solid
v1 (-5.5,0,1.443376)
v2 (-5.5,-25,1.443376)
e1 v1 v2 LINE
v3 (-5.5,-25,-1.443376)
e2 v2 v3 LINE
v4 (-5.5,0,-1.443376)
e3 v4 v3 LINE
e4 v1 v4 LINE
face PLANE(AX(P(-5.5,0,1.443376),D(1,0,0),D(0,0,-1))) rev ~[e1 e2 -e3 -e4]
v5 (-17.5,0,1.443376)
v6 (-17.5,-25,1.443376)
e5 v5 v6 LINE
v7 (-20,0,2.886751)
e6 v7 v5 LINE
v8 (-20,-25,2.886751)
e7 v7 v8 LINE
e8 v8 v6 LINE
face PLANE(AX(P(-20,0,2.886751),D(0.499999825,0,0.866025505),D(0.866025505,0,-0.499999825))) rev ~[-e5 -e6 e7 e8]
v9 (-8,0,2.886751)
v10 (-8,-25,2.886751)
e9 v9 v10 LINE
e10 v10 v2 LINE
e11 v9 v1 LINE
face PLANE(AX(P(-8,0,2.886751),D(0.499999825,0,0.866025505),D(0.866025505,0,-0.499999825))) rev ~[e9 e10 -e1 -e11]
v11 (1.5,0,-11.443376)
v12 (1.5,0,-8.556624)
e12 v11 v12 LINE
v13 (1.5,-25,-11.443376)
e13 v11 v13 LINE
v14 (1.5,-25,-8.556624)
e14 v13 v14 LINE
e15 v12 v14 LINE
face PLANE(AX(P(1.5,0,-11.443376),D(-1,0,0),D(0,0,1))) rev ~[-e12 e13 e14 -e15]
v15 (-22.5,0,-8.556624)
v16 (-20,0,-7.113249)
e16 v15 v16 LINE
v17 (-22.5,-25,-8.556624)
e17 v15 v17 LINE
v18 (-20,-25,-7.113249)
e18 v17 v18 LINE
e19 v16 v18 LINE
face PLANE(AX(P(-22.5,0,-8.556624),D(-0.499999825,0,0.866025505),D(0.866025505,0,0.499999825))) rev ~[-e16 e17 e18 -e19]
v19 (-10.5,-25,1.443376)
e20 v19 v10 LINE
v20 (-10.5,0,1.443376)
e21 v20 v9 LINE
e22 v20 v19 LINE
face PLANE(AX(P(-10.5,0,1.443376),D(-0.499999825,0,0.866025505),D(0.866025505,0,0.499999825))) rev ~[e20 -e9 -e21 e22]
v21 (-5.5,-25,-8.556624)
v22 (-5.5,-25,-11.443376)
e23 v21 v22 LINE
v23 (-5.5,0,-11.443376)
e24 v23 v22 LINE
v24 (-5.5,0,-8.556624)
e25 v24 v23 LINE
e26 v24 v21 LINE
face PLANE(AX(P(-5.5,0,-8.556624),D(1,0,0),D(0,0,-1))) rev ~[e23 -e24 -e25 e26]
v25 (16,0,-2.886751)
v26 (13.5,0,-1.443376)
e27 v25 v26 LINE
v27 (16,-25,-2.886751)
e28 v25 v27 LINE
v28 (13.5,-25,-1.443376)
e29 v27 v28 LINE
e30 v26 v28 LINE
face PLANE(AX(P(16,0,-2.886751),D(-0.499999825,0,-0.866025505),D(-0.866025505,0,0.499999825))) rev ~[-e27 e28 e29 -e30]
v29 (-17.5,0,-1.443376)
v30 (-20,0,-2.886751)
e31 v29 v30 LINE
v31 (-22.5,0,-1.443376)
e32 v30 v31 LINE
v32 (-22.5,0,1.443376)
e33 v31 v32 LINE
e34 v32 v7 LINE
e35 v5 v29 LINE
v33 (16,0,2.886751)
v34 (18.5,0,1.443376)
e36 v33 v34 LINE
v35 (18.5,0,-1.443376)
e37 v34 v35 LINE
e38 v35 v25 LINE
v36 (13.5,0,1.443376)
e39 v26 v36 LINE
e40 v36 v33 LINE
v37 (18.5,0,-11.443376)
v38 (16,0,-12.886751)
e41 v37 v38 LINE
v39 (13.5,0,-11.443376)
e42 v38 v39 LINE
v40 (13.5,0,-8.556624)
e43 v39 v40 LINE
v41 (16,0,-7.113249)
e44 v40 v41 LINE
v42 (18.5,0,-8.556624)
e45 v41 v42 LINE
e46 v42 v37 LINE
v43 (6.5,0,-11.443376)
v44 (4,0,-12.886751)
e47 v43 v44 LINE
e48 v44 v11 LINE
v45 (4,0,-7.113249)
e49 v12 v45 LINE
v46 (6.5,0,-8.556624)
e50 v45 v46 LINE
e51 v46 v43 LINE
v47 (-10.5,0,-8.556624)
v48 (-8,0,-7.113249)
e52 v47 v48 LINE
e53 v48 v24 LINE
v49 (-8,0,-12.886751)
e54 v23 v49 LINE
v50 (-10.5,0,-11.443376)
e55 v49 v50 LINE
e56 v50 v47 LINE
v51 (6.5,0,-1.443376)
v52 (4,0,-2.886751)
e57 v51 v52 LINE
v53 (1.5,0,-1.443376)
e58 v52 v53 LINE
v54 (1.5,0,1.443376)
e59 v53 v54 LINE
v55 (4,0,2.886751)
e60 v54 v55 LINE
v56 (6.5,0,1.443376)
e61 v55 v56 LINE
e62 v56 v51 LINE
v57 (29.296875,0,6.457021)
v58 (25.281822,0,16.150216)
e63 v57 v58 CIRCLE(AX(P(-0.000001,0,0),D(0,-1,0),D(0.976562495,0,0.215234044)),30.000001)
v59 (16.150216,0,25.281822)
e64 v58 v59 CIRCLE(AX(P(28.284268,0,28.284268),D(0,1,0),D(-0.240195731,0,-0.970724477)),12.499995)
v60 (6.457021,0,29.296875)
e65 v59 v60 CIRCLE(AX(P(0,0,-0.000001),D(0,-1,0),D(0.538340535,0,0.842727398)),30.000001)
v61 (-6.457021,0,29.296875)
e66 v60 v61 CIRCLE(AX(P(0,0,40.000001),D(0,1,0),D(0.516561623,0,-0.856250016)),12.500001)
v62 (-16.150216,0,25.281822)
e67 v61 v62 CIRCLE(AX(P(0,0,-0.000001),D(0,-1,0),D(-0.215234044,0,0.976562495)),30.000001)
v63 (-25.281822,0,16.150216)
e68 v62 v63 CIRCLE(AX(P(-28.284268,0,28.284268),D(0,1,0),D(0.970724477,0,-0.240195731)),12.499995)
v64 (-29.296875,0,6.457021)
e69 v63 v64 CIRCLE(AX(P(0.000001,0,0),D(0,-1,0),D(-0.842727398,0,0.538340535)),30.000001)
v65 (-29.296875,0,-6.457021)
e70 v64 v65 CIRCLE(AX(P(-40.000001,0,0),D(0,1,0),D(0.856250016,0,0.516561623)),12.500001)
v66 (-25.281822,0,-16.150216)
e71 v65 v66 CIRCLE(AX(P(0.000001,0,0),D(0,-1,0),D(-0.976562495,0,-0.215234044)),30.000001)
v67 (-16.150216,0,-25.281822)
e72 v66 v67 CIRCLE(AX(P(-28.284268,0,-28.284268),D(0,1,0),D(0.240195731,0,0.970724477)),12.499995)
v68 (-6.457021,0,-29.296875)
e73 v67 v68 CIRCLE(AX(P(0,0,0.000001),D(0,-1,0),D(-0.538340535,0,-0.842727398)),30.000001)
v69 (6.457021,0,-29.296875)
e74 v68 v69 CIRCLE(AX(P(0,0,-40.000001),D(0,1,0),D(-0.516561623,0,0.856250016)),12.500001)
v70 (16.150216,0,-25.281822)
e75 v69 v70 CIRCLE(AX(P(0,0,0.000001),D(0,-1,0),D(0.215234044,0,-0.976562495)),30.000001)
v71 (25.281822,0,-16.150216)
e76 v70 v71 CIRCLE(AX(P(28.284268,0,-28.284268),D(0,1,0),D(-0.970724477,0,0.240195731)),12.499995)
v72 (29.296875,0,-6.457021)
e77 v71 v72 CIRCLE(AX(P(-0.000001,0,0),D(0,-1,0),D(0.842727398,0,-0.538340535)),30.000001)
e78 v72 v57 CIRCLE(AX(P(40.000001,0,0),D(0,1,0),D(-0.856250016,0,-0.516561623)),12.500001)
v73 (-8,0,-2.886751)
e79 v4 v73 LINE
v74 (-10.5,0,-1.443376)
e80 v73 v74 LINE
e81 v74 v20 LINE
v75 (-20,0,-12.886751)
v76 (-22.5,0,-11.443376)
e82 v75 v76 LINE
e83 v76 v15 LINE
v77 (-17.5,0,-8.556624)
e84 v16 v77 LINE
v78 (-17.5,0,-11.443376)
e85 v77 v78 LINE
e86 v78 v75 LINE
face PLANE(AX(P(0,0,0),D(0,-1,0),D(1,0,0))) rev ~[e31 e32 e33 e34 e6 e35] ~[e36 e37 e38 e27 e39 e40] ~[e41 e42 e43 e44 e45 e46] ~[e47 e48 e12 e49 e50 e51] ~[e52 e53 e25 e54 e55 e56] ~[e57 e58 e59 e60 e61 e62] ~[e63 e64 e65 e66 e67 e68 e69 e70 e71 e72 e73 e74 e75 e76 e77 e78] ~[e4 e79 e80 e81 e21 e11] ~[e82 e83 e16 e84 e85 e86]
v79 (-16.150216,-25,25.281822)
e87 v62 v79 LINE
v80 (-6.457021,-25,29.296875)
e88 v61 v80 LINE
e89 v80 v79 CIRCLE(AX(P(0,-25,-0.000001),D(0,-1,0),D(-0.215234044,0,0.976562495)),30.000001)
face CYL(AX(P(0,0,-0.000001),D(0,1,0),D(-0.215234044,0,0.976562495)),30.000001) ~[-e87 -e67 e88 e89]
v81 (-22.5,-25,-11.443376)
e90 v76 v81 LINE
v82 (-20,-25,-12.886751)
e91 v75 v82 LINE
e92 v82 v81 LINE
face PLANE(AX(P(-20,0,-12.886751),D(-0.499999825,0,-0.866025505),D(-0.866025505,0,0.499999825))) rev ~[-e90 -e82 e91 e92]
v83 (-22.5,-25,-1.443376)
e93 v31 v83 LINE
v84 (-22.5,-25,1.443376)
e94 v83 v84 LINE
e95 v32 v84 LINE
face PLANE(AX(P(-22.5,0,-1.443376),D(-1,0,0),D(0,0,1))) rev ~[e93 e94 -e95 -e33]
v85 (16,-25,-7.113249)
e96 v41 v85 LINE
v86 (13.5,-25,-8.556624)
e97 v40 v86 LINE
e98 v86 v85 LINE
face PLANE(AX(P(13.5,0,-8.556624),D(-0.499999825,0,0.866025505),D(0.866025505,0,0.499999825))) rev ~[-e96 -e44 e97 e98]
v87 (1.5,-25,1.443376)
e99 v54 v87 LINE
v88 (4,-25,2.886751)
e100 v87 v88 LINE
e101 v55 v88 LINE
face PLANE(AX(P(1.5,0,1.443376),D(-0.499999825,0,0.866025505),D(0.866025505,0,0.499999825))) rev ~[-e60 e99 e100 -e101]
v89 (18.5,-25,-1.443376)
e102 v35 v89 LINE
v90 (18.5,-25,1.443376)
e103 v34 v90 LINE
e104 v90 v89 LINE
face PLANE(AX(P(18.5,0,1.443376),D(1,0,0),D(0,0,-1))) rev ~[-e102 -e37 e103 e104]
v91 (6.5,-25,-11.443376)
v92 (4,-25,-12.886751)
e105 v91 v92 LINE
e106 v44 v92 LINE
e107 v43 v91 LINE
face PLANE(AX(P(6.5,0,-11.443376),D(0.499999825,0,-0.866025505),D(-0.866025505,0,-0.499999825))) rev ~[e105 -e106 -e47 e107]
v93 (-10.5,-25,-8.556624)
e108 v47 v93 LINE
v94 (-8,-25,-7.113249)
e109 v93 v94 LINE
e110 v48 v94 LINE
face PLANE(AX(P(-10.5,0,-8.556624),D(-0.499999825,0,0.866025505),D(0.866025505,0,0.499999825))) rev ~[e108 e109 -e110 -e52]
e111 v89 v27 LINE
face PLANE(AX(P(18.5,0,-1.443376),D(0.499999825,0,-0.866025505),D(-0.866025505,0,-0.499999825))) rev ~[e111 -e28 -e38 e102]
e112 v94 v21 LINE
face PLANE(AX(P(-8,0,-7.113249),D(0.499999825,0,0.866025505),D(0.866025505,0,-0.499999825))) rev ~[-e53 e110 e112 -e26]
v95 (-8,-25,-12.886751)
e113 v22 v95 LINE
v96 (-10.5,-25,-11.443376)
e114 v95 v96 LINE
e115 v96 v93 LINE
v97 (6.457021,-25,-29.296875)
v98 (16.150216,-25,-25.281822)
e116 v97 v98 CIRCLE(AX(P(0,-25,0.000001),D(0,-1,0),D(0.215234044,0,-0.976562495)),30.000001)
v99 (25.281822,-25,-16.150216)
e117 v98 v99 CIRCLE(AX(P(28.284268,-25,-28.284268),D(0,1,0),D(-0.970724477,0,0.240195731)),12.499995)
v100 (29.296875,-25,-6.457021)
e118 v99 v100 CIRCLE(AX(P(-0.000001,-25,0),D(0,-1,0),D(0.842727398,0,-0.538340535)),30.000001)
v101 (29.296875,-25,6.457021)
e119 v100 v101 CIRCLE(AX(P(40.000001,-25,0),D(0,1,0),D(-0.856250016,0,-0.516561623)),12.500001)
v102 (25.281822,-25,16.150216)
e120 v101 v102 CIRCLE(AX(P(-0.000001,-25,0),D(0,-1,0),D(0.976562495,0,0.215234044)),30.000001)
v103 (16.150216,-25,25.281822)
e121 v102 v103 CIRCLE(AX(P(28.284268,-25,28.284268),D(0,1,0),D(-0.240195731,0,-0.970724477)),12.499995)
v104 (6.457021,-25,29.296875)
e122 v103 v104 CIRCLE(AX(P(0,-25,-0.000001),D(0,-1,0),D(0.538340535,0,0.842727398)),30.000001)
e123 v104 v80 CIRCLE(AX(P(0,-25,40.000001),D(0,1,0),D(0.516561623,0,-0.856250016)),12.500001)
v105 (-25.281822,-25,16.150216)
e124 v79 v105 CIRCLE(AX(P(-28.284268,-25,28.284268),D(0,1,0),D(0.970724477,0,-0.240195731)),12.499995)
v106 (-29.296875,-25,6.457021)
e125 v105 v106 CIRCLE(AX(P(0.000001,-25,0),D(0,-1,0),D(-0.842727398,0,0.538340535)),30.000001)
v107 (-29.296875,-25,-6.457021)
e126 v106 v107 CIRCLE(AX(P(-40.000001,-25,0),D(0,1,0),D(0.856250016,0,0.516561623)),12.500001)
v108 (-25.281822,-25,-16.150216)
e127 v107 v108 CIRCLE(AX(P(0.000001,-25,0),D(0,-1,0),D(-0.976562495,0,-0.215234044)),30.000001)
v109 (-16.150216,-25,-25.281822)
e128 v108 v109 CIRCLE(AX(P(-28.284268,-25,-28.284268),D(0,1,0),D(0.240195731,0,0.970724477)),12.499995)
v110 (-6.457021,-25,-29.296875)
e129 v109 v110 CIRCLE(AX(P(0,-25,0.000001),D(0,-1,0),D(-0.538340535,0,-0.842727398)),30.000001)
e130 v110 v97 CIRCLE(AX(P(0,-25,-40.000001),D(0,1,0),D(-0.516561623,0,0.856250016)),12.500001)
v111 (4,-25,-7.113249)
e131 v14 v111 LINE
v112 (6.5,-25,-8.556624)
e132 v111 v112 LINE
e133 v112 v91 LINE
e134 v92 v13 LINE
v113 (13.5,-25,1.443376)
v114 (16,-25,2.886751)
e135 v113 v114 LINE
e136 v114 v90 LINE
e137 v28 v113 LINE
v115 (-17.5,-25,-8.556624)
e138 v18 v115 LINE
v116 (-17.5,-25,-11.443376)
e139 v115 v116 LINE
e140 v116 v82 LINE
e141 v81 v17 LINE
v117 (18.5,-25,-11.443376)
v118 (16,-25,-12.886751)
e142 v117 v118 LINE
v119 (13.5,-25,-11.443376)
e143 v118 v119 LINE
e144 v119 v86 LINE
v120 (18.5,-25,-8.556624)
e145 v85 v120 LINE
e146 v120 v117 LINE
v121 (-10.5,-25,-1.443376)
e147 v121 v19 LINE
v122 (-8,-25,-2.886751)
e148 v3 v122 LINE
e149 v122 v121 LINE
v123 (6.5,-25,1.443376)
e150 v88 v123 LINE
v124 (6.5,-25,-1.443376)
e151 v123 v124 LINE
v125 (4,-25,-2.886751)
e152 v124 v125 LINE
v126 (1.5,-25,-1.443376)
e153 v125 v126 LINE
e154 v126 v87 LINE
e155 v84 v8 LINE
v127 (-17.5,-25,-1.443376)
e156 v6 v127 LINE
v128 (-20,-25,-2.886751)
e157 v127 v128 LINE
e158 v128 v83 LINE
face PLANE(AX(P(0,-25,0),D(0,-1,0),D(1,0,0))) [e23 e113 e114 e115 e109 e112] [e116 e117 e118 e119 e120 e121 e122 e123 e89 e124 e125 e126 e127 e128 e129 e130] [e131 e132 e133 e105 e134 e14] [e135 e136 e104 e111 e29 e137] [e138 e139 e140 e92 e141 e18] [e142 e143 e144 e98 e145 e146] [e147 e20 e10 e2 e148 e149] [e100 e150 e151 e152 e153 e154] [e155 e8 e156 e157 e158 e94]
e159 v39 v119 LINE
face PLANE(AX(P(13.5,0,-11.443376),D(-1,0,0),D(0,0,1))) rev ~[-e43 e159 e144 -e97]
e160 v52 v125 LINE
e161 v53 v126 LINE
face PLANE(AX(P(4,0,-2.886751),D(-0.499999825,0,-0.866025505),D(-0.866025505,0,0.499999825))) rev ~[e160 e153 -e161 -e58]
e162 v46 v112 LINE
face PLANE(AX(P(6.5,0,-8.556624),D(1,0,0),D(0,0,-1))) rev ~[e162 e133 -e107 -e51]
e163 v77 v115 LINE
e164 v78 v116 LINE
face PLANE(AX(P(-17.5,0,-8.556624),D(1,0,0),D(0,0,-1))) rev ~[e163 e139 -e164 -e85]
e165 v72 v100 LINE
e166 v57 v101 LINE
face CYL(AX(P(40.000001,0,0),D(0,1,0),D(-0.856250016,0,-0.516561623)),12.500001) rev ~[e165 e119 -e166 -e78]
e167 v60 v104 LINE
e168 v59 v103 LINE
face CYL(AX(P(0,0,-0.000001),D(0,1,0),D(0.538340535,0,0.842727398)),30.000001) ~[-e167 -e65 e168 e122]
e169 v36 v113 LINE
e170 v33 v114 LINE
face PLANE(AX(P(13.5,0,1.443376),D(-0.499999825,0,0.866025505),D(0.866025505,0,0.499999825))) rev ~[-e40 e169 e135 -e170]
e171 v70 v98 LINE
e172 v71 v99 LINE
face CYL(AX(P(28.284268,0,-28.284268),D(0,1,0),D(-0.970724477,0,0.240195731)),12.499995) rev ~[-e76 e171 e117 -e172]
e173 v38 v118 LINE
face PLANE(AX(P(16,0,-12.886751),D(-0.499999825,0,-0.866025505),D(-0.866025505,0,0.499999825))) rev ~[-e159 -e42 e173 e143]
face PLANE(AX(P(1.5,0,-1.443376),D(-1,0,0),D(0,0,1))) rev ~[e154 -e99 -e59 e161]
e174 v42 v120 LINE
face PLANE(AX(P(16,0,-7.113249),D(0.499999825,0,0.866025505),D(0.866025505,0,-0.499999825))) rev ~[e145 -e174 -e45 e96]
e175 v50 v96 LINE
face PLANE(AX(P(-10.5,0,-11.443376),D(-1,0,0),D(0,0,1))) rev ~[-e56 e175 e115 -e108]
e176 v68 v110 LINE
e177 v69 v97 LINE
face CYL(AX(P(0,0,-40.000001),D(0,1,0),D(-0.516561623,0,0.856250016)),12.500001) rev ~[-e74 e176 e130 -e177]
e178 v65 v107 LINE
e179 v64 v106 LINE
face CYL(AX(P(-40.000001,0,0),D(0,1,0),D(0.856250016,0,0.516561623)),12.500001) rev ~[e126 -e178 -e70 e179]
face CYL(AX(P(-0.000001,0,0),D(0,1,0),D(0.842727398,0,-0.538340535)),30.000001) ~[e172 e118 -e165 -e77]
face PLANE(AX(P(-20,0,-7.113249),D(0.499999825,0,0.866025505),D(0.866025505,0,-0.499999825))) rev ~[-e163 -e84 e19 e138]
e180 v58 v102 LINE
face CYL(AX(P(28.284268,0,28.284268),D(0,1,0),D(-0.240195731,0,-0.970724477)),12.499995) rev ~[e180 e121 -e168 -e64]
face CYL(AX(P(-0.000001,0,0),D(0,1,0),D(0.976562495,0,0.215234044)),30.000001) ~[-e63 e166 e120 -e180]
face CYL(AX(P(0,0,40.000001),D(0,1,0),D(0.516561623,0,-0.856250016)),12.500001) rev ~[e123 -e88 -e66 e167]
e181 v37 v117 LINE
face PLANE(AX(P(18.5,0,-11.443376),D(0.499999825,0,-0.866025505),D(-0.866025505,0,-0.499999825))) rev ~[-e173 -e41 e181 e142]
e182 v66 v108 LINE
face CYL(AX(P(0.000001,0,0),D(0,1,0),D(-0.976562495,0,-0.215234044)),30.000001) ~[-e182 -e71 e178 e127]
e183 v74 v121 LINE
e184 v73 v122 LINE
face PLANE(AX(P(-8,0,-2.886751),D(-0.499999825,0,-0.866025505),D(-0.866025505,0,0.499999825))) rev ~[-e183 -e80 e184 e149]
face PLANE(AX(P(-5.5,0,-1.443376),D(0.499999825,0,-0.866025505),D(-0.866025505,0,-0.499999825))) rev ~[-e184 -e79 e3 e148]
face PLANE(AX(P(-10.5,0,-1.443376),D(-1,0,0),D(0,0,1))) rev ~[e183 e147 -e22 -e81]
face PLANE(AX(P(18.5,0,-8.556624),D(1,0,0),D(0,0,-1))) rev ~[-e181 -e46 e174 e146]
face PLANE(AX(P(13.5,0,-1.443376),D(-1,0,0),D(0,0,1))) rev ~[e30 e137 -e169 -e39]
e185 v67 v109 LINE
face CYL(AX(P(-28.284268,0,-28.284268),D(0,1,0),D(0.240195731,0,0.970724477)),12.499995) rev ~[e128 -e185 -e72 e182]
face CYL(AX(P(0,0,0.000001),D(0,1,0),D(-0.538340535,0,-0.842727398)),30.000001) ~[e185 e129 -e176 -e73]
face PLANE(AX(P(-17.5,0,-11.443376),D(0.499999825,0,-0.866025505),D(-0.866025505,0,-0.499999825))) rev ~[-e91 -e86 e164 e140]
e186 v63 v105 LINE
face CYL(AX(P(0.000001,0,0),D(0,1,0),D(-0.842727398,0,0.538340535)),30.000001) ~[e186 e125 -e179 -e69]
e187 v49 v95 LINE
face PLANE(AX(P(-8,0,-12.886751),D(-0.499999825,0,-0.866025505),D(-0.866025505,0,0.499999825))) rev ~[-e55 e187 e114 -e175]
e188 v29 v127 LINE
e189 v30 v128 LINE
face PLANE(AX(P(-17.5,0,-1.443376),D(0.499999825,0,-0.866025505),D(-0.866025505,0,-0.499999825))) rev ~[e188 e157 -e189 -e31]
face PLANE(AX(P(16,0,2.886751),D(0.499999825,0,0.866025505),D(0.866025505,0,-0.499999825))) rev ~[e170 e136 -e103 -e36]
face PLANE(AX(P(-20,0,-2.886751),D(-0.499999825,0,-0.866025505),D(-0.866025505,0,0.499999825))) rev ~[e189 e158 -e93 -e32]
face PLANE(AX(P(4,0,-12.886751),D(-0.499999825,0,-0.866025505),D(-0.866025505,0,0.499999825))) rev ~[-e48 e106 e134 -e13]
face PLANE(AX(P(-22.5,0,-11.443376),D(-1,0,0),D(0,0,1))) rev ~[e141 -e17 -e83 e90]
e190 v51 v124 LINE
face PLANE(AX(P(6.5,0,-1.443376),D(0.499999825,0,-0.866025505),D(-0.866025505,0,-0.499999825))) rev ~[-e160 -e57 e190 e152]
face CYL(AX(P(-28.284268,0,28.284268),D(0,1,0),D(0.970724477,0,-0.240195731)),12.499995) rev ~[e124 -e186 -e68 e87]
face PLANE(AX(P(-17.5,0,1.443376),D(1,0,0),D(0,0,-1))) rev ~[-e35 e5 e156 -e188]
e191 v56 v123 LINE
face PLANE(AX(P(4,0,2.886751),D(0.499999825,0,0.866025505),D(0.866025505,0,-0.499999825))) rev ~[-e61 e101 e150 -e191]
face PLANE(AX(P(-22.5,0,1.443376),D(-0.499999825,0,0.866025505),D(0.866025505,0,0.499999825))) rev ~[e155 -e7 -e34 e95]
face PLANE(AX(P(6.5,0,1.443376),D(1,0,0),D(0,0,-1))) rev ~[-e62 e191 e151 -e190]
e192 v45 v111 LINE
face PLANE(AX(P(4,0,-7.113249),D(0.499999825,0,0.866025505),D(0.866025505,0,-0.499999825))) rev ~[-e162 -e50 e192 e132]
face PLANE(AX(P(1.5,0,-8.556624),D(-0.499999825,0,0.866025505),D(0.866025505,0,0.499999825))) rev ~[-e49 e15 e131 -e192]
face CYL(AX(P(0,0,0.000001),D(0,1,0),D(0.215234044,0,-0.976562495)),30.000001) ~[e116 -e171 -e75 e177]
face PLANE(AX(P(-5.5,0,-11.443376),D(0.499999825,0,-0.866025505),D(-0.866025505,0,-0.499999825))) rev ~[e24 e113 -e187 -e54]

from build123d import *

# Parameters (mm, degrees)
F1_DEPTH = 25


with BuildPart() as f1:
    # F0 (on Front) → F1 (new body)
    with BuildSketch(Plane.XZ):
        with BuildLine():
            ThreePointArc((29.296875, -6.457021), (27.5, 0), (29.296875, 6.457021))
            ThreePointArc((29.296875, 6.457021), (27.716386, 11.480503), (25.281822, 16.150216))
            ThreePointArc((25.281822, 16.150216), (19.445436, 19.445436), (16.150216, 25.281822))
            ThreePointArc((16.150216, 25.281822), (11.480503, 27.716386), (6.457021, 29.296875))
            ThreePointArc((6.457021, 29.296875), (0, 27.5), (-6.457021, 29.296875))
            ThreePointArc((-6.457021, 29.296875), (-11.480503, 27.716386), (-16.150216, 25.281822))
            ThreePointArc((-16.150216, 25.281822), (-19.445436, 19.445436), (-25.281822, 16.150216))
            ThreePointArc((-25.281822, 16.150216), (-27.716386, 11.480503), (-29.296875, 6.457021))
            ThreePointArc((-29.296875, 6.457021), (-27.5, 0), (-29.296875, -6.457021))
            ThreePointArc((-29.296875, -6.457021), (-27.716386, -11.480503), (-25.281822, -16.150216))
            ThreePointArc((-25.281822, -16.150216), (-19.445436, -19.445436), (-16.150216, -25.281822))
            ThreePointArc((-16.150216, -25.281822), (-11.480503, -27.716386), (-6.457021, -29.296875))
            ThreePointArc((-6.457021, -29.296875), (0, -27.5), (6.457021, -29.296875))
            ThreePointArc((6.457021, -29.296875), (11.480503, -27.716386), (16.150216, -25.281822))
            ThreePointArc((16.150216, -25.281822), (19.445436, -19.445436), (25.281822, -16.150216))
            ThreePointArc((25.281822, -16.150216), (27.716386, -11.480503), (29.296875, -6.457021))
        make_face()
        Polygon((-17.5, -8.556624), (-17.5, -11.443376), (-20, -12.886751), (-22.5, -11.443376), (-22.5, -8.556624), (-20, -7.113249), align=None, mode=Mode.SUBTRACT)
        Polygon((-5.5, -8.556624), (-5.5, -11.443376), (-8, -12.886751), (-10.5, -11.443376), (-10.5, -8.556624), (-8, -7.113249), align=None, mode=Mode.SUBTRACT)
        Polygon((6.5, -8.556624), (6.5, -11.443376), (4, -12.886751), (1.5, -11.443376), (1.5, -8.556624), (4, -7.113249), align=None, mode=Mode.SUBTRACT)
        Polygon((18.5, -8.556624), (18.5, -11.443376), (16, -12.886751), (13.5, -11.443376), (13.5, -8.556624), (16, -7.113249), align=None, mode=Mode.SUBTRACT)
        Polygon((-17.5, 1.443376), (-17.5, -1.443376), (-20, -2.886751), (-22.5, -1.443376), (-22.5, 1.443376), (-20, 2.886751), align=None, mode=Mode.SUBTRACT)
        Polygon((-5.5, 1.443376), (-5.5, -1.443376), (-8, -2.886751), (-10.5, -1.443376), (-10.5, 1.443376), (-8, 2.886751), align=None, mode=Mode.SUBTRACT)
        Polygon((6.5, 1.443376), (6.5, -1.443376), (4, -2.886751), (1.5, -1.443376), (1.5, 1.443376), (4, 2.886751), align=None, mode=Mode.SUBTRACT)
        Polygon((18.5, 1.443376), (18.5, -1.443376), (16, -2.886751), (13.5, -1.443376), (13.5, 1.443376), (16, 2.886751), align=None, mode=Mode.SUBTRACT)
    extrude(amount=F1_DEPTH)


solid = f1.part
